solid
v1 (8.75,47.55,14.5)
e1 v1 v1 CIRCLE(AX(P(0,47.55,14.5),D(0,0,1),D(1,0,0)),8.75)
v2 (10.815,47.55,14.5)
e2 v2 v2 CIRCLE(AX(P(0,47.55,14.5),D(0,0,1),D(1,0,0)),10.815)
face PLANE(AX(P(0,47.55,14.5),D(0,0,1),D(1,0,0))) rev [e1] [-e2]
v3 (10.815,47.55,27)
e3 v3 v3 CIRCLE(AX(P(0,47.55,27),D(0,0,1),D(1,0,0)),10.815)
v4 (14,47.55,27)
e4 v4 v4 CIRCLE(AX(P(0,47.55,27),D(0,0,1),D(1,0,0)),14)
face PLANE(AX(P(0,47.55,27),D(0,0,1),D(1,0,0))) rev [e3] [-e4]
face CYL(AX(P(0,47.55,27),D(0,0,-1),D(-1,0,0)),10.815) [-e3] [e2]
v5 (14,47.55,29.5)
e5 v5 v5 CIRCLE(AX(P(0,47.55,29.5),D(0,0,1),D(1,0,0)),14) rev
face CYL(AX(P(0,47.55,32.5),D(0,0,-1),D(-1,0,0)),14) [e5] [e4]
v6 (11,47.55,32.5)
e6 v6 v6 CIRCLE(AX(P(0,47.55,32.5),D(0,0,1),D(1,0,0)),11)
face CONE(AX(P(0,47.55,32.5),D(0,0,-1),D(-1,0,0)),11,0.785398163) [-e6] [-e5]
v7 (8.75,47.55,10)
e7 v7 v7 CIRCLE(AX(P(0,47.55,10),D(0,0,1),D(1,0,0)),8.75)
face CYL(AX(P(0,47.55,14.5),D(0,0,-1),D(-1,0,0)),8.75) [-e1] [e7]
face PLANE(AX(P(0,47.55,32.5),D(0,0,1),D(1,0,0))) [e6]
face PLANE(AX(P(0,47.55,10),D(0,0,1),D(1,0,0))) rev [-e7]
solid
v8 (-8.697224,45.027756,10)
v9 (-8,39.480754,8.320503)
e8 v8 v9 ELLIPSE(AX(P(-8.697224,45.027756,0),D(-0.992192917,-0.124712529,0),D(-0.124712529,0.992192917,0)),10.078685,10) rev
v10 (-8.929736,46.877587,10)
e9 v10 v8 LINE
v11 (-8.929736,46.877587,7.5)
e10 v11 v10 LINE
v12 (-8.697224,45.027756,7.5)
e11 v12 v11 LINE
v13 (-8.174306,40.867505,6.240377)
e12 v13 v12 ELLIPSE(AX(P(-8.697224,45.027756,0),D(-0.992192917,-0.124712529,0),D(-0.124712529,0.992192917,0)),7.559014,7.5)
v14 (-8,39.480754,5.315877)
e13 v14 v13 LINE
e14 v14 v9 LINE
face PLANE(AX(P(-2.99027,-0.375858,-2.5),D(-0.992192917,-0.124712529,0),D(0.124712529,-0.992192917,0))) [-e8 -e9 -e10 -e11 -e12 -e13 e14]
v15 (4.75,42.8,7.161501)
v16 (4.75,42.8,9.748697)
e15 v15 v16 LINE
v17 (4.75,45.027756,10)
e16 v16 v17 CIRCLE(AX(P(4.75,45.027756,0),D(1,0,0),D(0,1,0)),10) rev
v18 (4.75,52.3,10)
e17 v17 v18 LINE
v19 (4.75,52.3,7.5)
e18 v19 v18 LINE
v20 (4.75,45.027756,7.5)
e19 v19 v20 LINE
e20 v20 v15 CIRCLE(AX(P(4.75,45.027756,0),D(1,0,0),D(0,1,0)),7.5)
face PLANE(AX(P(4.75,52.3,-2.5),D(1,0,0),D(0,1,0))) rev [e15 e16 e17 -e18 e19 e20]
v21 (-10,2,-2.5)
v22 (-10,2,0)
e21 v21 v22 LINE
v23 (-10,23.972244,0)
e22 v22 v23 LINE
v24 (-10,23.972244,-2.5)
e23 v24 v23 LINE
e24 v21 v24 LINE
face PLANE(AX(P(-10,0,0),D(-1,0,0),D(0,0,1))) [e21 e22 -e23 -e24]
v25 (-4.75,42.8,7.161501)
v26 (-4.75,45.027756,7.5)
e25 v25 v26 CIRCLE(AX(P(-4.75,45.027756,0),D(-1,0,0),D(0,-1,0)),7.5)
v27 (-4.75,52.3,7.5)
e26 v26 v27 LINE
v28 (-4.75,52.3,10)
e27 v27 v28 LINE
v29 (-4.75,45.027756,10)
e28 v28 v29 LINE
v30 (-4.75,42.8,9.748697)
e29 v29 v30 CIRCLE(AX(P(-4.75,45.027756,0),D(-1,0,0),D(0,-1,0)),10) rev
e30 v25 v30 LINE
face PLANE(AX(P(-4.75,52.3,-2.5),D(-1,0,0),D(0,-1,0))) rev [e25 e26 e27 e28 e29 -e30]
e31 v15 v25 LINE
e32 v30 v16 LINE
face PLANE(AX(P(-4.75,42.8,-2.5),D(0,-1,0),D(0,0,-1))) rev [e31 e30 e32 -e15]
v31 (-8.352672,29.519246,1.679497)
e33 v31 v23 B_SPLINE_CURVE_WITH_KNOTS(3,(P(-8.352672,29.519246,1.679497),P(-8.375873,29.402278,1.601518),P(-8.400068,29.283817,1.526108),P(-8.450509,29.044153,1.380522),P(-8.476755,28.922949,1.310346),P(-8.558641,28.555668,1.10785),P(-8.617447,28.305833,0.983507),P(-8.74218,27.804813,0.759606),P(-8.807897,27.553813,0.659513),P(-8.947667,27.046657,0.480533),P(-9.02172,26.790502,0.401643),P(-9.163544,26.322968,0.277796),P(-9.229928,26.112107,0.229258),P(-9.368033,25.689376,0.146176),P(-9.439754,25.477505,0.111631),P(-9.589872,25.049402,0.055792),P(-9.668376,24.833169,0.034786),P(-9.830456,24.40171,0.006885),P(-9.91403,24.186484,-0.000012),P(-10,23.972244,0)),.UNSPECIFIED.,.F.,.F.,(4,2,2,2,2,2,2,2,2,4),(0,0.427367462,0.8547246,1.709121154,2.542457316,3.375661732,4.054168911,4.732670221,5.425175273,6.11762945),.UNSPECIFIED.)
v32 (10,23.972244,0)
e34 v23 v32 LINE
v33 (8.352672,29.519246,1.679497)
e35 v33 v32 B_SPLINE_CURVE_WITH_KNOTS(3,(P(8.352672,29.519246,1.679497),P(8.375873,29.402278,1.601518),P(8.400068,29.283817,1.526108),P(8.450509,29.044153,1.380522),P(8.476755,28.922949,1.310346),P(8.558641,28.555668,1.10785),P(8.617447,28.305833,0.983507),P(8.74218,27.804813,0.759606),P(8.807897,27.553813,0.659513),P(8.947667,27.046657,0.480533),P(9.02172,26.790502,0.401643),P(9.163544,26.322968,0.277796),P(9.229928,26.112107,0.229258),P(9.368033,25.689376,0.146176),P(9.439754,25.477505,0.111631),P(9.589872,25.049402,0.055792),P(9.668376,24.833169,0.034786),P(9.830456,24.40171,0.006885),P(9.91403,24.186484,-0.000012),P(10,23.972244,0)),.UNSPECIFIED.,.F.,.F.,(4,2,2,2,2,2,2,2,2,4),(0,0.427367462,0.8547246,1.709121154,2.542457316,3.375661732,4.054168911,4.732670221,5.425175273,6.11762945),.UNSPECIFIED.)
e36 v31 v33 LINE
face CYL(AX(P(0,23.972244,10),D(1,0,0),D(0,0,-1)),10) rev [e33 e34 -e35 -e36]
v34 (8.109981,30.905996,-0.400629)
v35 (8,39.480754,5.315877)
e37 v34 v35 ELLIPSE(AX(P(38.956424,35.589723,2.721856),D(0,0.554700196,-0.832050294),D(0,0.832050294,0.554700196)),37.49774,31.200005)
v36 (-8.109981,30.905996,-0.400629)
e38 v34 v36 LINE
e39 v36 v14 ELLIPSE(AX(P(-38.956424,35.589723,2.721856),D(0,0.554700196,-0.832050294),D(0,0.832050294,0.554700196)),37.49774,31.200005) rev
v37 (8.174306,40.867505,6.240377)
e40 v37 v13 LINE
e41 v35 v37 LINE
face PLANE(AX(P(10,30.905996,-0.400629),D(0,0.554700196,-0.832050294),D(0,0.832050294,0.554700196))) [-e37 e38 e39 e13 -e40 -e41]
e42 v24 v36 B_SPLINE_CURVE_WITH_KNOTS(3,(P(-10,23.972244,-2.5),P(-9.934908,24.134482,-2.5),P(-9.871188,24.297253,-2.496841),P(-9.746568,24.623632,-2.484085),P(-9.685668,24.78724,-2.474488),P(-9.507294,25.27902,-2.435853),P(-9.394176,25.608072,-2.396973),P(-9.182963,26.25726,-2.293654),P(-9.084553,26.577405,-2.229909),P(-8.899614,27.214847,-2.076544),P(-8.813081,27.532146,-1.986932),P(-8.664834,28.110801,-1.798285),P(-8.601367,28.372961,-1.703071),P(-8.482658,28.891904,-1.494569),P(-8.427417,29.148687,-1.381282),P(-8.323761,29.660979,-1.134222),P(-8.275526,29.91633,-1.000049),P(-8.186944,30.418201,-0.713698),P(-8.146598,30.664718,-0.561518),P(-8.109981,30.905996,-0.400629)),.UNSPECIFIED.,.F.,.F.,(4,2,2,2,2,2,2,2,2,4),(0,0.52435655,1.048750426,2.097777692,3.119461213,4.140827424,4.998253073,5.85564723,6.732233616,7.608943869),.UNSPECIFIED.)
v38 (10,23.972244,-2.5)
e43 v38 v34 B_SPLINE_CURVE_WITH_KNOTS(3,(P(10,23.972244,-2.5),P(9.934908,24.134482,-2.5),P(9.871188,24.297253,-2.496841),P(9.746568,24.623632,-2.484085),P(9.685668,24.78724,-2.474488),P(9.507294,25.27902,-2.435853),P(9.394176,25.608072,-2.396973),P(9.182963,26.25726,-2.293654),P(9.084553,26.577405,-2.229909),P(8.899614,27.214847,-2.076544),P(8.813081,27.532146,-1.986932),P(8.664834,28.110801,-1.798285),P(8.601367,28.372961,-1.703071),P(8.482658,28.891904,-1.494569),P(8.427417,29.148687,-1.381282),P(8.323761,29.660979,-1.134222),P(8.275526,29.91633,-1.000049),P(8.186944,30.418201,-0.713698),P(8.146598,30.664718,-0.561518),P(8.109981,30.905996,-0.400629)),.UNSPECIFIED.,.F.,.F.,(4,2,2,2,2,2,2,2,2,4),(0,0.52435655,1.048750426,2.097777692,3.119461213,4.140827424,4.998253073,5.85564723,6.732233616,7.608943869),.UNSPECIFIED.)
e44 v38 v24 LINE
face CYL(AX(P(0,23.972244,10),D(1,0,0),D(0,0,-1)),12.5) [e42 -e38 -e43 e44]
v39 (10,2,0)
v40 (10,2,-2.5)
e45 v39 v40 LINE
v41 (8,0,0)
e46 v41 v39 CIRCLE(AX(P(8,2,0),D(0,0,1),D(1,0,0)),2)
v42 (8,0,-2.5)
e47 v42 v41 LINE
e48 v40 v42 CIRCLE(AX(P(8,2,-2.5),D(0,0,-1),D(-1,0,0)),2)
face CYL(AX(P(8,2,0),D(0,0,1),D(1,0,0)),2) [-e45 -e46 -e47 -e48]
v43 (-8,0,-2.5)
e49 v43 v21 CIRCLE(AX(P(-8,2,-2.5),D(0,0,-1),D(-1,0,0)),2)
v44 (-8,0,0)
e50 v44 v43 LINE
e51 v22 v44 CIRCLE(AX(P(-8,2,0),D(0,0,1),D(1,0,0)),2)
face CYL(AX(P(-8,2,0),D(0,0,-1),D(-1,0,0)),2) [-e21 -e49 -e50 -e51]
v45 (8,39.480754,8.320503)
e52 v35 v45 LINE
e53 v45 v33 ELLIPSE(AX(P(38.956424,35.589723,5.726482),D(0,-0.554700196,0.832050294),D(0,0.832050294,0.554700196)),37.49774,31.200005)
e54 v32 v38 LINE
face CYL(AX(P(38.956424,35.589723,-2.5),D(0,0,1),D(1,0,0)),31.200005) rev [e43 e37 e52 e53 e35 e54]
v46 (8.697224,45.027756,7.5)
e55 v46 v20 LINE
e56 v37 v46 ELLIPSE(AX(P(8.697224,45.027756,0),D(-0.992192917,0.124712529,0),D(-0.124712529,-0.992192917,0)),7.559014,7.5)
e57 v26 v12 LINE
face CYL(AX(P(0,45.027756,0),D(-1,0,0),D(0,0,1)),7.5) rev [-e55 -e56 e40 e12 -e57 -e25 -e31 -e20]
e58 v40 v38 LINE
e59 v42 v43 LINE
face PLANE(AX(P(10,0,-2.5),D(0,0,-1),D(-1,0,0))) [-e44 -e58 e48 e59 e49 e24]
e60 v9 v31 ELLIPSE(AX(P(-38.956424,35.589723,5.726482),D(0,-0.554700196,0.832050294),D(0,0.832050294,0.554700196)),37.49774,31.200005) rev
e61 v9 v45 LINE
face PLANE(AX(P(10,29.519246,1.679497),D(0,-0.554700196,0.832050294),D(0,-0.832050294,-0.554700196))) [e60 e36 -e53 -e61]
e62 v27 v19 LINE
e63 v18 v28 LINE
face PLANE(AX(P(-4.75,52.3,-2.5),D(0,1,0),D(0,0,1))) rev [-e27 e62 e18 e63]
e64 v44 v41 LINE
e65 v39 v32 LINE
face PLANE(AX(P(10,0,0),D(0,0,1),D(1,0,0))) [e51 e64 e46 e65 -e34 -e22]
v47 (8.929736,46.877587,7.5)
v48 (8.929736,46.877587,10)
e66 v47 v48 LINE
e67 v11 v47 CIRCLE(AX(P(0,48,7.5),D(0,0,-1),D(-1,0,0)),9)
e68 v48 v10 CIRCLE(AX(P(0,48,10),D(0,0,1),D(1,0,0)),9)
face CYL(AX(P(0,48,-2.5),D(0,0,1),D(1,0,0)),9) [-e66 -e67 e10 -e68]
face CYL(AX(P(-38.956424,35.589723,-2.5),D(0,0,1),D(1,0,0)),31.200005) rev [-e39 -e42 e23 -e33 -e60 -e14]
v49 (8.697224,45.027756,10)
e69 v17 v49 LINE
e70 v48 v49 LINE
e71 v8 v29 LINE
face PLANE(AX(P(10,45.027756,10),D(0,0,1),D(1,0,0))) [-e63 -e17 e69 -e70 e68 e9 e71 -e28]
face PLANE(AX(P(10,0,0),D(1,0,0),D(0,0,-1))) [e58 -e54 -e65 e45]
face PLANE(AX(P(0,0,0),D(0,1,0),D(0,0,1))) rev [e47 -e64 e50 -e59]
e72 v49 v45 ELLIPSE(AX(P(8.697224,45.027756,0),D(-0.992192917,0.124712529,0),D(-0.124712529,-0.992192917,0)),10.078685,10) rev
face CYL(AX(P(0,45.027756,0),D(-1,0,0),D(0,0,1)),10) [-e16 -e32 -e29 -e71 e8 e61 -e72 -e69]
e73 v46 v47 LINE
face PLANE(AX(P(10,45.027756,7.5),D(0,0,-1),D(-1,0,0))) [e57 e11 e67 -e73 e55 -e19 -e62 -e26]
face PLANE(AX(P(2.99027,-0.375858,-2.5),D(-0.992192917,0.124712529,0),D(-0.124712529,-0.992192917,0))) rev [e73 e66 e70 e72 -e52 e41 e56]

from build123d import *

# Parameters (mm, degrees)
SKETCH6_W           = 20
SKETCH6_H           = 2.5
CUT_EXTRUDE7_DEPTH  = 60.205151803
FILLET1_R           = 2
SKETCH19_W          = 9.5
SKETCH19_H          = 9.5
CUT_EXTRUDE8_DEPTH  = 60.205151841
SKETCH20_R          = 8.75
BOSS_EXTRUDE1_DEPTH = 4.5
SKETCH21_R          = 10.815
BOSS_EXTRUDE2_DEPTH = 12.5
SKETCH22_R          = 14
BOSS_EXTRUDE3_DEPTH = 5.5
CHAMFER1_SIZE       = 3


with BuildPart() as part:
    # Sweep1: sweep along a path in Sketch1
    with BuildLine(Plane.YZ) as sweep1_path:
        Line((0, 0), (23.972243623, 0))
        ThreePointArc((23.972243623, 0), (26.87008511, 0.429079735), (29.519245585, 1.679497057))
        Line((29.519245585, 1.679497057), (39.480754415, 8.320502943))
        ThreePointArc((39.480754415, 8.320502943), (42.12991489, 9.570920265), (45.027756377, 10))
        Line((45.027756377, 10), (57, 10))
    # Sketch6 → Sweep1 (sweep)
    with BuildSketch(Plane(origin=(0, 0, 0), x_dir=(-1, 0, 0), z_dir=(0, 1, 0))):
        with Locations((0, -1.25)):
            Rectangle(SKETCH6_W, SKETCH6_H)
    sweep(path=sweep1_path.line)

    # Sketch18 → Cut-Extrude7 (cut, through all)
    with BuildSketch(Plane.XY.offset(10)):
        with BuildLine():
            Line((10, 57), (0, 57))
            ThreePointArc((0, 57), (6.749137532, 53.953918254), (8.929736256, 46.877587239))
            Line((8.929736256, 46.877587239), (8.697223928, 45.027756377))
            Line((8.697223928, 45.027756377), (10, 45.027756377))
            Line((10, 45.027756377), (10, 57))
        make_face()
        with BuildLine():
            Line((10, 45.027756377), (8.697223928, 45.027756377))
            Line((8.697223928, 45.027756377), (8, 39.480754415))
            ThreePointArc((8, 39.480754415), (8.012671559, 31.599171714), (10, 23.972243623))
            Line((10, 23.972243623), (10, 45.027756377))
        make_face()
        with BuildLine():
            Line((-8.697223928, 45.027756377), (-8.929736256, 46.877587239))
            ThreePointArc((-8.929736256, 46.877587239), (-6.749137532, 53.953918254), (0, 57))
            Line((0, 57), (-10, 57))
            Line((-10, 57), (-10, 45.027756377))
            Line((-10, 45.027756377), (-8.697223928, 45.027756377))
        make_face()
        with BuildLine():
            Line((-8, 39.480754415), (-8.697223928, 45.027756377))
            Line((-8.697223928, 45.027756377), (-10, 45.027756377))
            Line((-10, 45.027756377), (-10, 23.972243623))
            ThreePointArc((-10, 23.972243623), (-8.012671559, 31.599171714), (-8, 39.480754415))
        make_face()
    extrude(amount=-CUT_EXTRUDE7_DEPTH, mode=Mode.SUBTRACT)

    # Fillet1
    fillet1_edges = [part.edges().sort_by_distance(p)[0] for p in [
        (-10, 0, -1.25),
        (10, 0, -1.25),
    ]]
    fillet(fillet1_edges, radius=FILLET1_R)

    # Sketch19 → Cut-Extrude8 (cut, through all)
    with BuildSketch(Plane.XY.offset(10)):
        with Locations((0, 47.55)):
            Rectangle(SKETCH19_W, SKETCH19_H)
    extrude(amount=-CUT_EXTRUDE8_DEPTH, mode=Mode.SUBTRACT)


with BuildPart() as body_2:
    # Sketch20 → Boss-Extrude1 (new body)
    with BuildSketch(Plane.XY.offset(10)):
        with Locations((0, 47.55)):
            Circle(SKETCH20_R)
    extrude(amount=BOSS_EXTRUDE1_DEPTH)

    # Sketch21 → Boss-Extrude2 (add)
    with BuildSketch(Plane(origin=(0, 0, 14.5), x_dir=(0, -1, 0), z_dir=(0, 0, 1))):
        with Locations(Location((-47.55, 0, 0), (0, 0, 90))):
            Circle(SKETCH21_R)
    extrude(amount=BOSS_EXTRUDE2_DEPTH)

    # Sketch22 → Boss-Extrude3 (add)
    with BuildSketch(Plane.XY.offset(27)):
        with Locations((0, 47.55)):
            Circle(SKETCH22_R)
    extrude(amount=BOSS_EXTRUDE3_DEPTH)

    # Chamfer1
    chamfer1_edges = [body_2.edges().sort_by_distance(p)[0] for p in [
        (-14, 47.55, 32.5),
    ]]
    chamfer(chamfer1_edges, length=CHAMFER1_SIZE)


solid = Compound([part.part, body_2.part])
